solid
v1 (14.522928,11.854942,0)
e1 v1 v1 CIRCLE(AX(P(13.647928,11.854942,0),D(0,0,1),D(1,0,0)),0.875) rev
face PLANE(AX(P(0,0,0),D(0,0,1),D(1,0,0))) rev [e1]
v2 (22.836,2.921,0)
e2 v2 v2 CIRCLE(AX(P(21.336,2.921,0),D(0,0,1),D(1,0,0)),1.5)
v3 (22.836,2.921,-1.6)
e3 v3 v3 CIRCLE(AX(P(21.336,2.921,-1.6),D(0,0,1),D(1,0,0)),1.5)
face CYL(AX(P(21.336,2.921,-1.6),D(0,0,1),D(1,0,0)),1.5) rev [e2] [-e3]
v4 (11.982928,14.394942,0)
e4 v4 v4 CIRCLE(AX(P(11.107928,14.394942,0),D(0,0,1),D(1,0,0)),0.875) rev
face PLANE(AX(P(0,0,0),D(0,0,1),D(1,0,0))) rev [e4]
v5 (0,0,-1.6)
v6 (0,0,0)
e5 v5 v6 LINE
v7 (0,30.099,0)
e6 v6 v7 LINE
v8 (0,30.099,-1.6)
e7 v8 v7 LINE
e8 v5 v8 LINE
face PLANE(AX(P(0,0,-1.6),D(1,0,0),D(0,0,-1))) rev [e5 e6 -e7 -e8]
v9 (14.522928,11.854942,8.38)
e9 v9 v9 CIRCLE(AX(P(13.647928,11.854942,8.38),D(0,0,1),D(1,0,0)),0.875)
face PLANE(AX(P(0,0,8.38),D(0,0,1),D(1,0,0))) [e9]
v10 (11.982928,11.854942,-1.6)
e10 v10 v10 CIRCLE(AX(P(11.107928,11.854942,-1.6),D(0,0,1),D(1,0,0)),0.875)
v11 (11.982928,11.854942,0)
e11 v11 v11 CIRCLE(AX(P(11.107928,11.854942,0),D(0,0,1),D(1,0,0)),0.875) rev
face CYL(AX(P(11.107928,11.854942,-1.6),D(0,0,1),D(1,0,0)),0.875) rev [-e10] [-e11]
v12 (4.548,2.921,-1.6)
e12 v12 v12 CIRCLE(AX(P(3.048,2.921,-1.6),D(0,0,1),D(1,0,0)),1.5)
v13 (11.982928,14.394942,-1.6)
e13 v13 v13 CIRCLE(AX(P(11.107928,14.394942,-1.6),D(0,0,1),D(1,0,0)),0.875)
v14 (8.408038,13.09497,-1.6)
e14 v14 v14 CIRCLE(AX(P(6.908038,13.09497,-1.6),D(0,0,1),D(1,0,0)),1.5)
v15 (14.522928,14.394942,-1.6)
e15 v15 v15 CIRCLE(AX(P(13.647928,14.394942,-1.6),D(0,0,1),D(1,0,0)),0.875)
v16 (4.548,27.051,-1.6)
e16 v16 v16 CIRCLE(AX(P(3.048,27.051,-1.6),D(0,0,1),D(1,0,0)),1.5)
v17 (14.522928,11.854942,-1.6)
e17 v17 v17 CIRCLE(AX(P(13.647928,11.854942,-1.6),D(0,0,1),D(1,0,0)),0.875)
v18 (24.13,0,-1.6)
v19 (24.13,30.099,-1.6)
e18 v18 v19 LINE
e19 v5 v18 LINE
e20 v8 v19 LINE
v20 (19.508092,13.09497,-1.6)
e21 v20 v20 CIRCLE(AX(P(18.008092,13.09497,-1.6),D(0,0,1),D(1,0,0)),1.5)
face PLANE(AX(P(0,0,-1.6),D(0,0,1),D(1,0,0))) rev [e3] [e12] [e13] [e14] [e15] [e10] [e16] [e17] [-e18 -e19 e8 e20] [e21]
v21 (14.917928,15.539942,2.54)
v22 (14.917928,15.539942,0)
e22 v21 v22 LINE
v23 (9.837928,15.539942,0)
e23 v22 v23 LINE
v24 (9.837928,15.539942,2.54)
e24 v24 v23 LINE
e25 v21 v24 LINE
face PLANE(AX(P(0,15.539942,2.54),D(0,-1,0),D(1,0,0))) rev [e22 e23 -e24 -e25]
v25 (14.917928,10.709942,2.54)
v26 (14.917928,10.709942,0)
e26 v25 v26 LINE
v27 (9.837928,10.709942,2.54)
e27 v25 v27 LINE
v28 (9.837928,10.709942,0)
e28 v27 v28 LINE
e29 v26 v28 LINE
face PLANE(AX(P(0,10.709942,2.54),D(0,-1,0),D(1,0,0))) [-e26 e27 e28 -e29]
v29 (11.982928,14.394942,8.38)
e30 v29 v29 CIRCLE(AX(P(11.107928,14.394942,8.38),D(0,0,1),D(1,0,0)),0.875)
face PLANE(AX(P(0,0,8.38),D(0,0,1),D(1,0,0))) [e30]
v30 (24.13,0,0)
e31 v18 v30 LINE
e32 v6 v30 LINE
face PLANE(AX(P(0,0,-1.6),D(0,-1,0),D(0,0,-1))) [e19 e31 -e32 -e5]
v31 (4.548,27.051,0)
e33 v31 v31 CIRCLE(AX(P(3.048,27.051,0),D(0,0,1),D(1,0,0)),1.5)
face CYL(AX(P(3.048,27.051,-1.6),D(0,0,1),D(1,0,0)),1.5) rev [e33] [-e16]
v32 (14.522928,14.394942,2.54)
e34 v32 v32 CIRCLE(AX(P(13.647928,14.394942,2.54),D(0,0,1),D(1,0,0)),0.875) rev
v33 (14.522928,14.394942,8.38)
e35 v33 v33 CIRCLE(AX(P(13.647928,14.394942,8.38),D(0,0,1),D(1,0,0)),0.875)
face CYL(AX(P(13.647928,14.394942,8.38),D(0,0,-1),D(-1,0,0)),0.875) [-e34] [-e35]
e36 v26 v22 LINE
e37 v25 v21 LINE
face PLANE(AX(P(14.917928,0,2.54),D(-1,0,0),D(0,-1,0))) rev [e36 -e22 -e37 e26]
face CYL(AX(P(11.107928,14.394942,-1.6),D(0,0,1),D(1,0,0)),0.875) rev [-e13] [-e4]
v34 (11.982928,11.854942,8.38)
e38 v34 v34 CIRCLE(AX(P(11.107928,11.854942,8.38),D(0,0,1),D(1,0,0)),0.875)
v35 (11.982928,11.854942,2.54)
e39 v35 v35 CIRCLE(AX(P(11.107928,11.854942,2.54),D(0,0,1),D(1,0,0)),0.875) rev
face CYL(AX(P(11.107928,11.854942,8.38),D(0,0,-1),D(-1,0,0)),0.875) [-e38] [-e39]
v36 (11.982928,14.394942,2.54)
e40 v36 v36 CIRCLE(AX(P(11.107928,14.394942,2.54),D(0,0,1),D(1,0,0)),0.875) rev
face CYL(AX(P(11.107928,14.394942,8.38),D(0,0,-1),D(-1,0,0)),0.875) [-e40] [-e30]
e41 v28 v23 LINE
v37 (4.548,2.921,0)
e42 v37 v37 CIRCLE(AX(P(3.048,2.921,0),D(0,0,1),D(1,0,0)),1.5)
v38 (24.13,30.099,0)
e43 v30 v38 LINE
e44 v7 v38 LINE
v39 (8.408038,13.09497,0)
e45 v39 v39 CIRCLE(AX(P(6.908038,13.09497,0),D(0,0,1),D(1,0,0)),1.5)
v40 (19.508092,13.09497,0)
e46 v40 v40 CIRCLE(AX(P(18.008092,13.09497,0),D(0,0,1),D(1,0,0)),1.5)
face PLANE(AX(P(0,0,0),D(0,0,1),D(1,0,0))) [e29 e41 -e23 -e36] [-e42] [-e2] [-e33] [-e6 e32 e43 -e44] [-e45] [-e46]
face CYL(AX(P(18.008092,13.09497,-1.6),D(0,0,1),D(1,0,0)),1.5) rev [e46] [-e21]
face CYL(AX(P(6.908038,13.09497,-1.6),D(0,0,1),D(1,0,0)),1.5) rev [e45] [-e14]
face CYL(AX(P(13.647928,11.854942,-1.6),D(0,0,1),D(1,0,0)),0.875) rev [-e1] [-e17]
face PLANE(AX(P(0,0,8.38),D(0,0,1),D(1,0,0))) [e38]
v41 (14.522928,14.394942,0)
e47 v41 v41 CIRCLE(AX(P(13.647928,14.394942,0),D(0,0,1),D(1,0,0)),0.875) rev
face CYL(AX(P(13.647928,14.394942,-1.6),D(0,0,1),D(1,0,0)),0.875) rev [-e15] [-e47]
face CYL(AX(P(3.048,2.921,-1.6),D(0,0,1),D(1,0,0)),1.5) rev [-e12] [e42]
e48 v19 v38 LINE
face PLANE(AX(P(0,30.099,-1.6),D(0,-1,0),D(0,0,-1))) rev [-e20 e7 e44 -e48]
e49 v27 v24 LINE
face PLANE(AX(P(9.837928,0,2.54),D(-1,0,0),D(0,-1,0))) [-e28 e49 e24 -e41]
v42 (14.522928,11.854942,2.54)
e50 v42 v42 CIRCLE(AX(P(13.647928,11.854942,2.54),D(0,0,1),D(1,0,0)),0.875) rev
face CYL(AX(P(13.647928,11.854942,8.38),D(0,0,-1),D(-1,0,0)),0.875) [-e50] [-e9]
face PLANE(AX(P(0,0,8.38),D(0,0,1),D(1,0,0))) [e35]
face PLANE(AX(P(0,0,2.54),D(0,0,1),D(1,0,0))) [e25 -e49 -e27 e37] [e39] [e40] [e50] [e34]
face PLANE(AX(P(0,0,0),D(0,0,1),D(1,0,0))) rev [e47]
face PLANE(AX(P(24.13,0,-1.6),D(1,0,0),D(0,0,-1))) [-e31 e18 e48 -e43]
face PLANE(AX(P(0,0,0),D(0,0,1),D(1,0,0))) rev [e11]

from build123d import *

# Parameters (mm, degrees)
SKETCH1_W           = 24.13
SKETCH1_H           = 30.099
SKETCH1_R           = 1.5
SKETCH1_R_2         = 0.875
BOSS_EXTRUDE1_DEPTH = 1.6
SKETCH1_19_W        = 5.08
SKETCH1_19_H        = 4.83
BOSS_EXTRUDE2_DEPTH = 2.54
BOSS_EXTRUDE3_START = 8.38
SKETCH1_20_R        = 0.875
BOSS_EXTRUDE3_DEPTH = 8.38


with BuildPart() as part:
    # Sketch1 → Boss-Extrude1 (new body)
    with BuildSketch(Plane.XY):
        with Locations((12.065, 15.0495)):
            Rectangle(SKETCH1_W, SKETCH1_H)
        with Locations((3.048, 2.921)):
            Circle(SKETCH1_R, mode=Mode.SUBTRACT)
        with Locations((6.908038, 13.09497)):
            Circle(SKETCH1_R, mode=Mode.SUBTRACT)
        with Locations((21.336, 2.921)):
            Circle(SKETCH1_R, mode=Mode.SUBTRACT)
        with Locations((18.008092, 13.09497)):
            Circle(SKETCH1_R, mode=Mode.SUBTRACT)
        with Locations((3.048, 27.051)):
            Circle(SKETCH1_R, mode=Mode.SUBTRACT)
        with Locations((11.107928, 11.854942)):
            Circle(SKETCH1_R_2, mode=Mode.SUBTRACT)
        with Locations((11.107928, 14.394942)):
            Circle(SKETCH1_R_2, mode=Mode.SUBTRACT)
        with Locations((13.647928, 11.854942)):
            Circle(SKETCH1_R_2, mode=Mode.SUBTRACT)
        with Locations((13.647928, 14.394942)):
            Circle(SKETCH1_R_2, mode=Mode.SUBTRACT)
    extrude(amount=-BOSS_EXTRUDE1_DEPTH)

    # Sketch1<19> → Boss-Extrude2 (add)
    with BuildSketch(Plane.XY):
        with Locations((12.377928, 13.124942)):
            Rectangle(SKETCH1_19_W, SKETCH1_19_H)
    extrude(amount=BOSS_EXTRUDE2_DEPTH)

    # Sketch1<20> → Boss-Extrude3 (add)
    with BuildSketch(Plane.XY.offset(BOSS_EXTRUDE3_START)):
        with Locations((11.107928, 14.394942)):
            Circle(SKETCH1_20_R)
        with Locations((13.647928, 14.394942)):
            Circle(SKETCH1_20_R)
        with Locations((11.107928, 11.854942)):
            Circle(SKETCH1_20_R)
        with Locations((13.647928, 11.854942)):
            Circle(SKETCH1_20_R)
    extrude(amount=-BOSS_EXTRUDE3_DEPTH)


solid = part.part
